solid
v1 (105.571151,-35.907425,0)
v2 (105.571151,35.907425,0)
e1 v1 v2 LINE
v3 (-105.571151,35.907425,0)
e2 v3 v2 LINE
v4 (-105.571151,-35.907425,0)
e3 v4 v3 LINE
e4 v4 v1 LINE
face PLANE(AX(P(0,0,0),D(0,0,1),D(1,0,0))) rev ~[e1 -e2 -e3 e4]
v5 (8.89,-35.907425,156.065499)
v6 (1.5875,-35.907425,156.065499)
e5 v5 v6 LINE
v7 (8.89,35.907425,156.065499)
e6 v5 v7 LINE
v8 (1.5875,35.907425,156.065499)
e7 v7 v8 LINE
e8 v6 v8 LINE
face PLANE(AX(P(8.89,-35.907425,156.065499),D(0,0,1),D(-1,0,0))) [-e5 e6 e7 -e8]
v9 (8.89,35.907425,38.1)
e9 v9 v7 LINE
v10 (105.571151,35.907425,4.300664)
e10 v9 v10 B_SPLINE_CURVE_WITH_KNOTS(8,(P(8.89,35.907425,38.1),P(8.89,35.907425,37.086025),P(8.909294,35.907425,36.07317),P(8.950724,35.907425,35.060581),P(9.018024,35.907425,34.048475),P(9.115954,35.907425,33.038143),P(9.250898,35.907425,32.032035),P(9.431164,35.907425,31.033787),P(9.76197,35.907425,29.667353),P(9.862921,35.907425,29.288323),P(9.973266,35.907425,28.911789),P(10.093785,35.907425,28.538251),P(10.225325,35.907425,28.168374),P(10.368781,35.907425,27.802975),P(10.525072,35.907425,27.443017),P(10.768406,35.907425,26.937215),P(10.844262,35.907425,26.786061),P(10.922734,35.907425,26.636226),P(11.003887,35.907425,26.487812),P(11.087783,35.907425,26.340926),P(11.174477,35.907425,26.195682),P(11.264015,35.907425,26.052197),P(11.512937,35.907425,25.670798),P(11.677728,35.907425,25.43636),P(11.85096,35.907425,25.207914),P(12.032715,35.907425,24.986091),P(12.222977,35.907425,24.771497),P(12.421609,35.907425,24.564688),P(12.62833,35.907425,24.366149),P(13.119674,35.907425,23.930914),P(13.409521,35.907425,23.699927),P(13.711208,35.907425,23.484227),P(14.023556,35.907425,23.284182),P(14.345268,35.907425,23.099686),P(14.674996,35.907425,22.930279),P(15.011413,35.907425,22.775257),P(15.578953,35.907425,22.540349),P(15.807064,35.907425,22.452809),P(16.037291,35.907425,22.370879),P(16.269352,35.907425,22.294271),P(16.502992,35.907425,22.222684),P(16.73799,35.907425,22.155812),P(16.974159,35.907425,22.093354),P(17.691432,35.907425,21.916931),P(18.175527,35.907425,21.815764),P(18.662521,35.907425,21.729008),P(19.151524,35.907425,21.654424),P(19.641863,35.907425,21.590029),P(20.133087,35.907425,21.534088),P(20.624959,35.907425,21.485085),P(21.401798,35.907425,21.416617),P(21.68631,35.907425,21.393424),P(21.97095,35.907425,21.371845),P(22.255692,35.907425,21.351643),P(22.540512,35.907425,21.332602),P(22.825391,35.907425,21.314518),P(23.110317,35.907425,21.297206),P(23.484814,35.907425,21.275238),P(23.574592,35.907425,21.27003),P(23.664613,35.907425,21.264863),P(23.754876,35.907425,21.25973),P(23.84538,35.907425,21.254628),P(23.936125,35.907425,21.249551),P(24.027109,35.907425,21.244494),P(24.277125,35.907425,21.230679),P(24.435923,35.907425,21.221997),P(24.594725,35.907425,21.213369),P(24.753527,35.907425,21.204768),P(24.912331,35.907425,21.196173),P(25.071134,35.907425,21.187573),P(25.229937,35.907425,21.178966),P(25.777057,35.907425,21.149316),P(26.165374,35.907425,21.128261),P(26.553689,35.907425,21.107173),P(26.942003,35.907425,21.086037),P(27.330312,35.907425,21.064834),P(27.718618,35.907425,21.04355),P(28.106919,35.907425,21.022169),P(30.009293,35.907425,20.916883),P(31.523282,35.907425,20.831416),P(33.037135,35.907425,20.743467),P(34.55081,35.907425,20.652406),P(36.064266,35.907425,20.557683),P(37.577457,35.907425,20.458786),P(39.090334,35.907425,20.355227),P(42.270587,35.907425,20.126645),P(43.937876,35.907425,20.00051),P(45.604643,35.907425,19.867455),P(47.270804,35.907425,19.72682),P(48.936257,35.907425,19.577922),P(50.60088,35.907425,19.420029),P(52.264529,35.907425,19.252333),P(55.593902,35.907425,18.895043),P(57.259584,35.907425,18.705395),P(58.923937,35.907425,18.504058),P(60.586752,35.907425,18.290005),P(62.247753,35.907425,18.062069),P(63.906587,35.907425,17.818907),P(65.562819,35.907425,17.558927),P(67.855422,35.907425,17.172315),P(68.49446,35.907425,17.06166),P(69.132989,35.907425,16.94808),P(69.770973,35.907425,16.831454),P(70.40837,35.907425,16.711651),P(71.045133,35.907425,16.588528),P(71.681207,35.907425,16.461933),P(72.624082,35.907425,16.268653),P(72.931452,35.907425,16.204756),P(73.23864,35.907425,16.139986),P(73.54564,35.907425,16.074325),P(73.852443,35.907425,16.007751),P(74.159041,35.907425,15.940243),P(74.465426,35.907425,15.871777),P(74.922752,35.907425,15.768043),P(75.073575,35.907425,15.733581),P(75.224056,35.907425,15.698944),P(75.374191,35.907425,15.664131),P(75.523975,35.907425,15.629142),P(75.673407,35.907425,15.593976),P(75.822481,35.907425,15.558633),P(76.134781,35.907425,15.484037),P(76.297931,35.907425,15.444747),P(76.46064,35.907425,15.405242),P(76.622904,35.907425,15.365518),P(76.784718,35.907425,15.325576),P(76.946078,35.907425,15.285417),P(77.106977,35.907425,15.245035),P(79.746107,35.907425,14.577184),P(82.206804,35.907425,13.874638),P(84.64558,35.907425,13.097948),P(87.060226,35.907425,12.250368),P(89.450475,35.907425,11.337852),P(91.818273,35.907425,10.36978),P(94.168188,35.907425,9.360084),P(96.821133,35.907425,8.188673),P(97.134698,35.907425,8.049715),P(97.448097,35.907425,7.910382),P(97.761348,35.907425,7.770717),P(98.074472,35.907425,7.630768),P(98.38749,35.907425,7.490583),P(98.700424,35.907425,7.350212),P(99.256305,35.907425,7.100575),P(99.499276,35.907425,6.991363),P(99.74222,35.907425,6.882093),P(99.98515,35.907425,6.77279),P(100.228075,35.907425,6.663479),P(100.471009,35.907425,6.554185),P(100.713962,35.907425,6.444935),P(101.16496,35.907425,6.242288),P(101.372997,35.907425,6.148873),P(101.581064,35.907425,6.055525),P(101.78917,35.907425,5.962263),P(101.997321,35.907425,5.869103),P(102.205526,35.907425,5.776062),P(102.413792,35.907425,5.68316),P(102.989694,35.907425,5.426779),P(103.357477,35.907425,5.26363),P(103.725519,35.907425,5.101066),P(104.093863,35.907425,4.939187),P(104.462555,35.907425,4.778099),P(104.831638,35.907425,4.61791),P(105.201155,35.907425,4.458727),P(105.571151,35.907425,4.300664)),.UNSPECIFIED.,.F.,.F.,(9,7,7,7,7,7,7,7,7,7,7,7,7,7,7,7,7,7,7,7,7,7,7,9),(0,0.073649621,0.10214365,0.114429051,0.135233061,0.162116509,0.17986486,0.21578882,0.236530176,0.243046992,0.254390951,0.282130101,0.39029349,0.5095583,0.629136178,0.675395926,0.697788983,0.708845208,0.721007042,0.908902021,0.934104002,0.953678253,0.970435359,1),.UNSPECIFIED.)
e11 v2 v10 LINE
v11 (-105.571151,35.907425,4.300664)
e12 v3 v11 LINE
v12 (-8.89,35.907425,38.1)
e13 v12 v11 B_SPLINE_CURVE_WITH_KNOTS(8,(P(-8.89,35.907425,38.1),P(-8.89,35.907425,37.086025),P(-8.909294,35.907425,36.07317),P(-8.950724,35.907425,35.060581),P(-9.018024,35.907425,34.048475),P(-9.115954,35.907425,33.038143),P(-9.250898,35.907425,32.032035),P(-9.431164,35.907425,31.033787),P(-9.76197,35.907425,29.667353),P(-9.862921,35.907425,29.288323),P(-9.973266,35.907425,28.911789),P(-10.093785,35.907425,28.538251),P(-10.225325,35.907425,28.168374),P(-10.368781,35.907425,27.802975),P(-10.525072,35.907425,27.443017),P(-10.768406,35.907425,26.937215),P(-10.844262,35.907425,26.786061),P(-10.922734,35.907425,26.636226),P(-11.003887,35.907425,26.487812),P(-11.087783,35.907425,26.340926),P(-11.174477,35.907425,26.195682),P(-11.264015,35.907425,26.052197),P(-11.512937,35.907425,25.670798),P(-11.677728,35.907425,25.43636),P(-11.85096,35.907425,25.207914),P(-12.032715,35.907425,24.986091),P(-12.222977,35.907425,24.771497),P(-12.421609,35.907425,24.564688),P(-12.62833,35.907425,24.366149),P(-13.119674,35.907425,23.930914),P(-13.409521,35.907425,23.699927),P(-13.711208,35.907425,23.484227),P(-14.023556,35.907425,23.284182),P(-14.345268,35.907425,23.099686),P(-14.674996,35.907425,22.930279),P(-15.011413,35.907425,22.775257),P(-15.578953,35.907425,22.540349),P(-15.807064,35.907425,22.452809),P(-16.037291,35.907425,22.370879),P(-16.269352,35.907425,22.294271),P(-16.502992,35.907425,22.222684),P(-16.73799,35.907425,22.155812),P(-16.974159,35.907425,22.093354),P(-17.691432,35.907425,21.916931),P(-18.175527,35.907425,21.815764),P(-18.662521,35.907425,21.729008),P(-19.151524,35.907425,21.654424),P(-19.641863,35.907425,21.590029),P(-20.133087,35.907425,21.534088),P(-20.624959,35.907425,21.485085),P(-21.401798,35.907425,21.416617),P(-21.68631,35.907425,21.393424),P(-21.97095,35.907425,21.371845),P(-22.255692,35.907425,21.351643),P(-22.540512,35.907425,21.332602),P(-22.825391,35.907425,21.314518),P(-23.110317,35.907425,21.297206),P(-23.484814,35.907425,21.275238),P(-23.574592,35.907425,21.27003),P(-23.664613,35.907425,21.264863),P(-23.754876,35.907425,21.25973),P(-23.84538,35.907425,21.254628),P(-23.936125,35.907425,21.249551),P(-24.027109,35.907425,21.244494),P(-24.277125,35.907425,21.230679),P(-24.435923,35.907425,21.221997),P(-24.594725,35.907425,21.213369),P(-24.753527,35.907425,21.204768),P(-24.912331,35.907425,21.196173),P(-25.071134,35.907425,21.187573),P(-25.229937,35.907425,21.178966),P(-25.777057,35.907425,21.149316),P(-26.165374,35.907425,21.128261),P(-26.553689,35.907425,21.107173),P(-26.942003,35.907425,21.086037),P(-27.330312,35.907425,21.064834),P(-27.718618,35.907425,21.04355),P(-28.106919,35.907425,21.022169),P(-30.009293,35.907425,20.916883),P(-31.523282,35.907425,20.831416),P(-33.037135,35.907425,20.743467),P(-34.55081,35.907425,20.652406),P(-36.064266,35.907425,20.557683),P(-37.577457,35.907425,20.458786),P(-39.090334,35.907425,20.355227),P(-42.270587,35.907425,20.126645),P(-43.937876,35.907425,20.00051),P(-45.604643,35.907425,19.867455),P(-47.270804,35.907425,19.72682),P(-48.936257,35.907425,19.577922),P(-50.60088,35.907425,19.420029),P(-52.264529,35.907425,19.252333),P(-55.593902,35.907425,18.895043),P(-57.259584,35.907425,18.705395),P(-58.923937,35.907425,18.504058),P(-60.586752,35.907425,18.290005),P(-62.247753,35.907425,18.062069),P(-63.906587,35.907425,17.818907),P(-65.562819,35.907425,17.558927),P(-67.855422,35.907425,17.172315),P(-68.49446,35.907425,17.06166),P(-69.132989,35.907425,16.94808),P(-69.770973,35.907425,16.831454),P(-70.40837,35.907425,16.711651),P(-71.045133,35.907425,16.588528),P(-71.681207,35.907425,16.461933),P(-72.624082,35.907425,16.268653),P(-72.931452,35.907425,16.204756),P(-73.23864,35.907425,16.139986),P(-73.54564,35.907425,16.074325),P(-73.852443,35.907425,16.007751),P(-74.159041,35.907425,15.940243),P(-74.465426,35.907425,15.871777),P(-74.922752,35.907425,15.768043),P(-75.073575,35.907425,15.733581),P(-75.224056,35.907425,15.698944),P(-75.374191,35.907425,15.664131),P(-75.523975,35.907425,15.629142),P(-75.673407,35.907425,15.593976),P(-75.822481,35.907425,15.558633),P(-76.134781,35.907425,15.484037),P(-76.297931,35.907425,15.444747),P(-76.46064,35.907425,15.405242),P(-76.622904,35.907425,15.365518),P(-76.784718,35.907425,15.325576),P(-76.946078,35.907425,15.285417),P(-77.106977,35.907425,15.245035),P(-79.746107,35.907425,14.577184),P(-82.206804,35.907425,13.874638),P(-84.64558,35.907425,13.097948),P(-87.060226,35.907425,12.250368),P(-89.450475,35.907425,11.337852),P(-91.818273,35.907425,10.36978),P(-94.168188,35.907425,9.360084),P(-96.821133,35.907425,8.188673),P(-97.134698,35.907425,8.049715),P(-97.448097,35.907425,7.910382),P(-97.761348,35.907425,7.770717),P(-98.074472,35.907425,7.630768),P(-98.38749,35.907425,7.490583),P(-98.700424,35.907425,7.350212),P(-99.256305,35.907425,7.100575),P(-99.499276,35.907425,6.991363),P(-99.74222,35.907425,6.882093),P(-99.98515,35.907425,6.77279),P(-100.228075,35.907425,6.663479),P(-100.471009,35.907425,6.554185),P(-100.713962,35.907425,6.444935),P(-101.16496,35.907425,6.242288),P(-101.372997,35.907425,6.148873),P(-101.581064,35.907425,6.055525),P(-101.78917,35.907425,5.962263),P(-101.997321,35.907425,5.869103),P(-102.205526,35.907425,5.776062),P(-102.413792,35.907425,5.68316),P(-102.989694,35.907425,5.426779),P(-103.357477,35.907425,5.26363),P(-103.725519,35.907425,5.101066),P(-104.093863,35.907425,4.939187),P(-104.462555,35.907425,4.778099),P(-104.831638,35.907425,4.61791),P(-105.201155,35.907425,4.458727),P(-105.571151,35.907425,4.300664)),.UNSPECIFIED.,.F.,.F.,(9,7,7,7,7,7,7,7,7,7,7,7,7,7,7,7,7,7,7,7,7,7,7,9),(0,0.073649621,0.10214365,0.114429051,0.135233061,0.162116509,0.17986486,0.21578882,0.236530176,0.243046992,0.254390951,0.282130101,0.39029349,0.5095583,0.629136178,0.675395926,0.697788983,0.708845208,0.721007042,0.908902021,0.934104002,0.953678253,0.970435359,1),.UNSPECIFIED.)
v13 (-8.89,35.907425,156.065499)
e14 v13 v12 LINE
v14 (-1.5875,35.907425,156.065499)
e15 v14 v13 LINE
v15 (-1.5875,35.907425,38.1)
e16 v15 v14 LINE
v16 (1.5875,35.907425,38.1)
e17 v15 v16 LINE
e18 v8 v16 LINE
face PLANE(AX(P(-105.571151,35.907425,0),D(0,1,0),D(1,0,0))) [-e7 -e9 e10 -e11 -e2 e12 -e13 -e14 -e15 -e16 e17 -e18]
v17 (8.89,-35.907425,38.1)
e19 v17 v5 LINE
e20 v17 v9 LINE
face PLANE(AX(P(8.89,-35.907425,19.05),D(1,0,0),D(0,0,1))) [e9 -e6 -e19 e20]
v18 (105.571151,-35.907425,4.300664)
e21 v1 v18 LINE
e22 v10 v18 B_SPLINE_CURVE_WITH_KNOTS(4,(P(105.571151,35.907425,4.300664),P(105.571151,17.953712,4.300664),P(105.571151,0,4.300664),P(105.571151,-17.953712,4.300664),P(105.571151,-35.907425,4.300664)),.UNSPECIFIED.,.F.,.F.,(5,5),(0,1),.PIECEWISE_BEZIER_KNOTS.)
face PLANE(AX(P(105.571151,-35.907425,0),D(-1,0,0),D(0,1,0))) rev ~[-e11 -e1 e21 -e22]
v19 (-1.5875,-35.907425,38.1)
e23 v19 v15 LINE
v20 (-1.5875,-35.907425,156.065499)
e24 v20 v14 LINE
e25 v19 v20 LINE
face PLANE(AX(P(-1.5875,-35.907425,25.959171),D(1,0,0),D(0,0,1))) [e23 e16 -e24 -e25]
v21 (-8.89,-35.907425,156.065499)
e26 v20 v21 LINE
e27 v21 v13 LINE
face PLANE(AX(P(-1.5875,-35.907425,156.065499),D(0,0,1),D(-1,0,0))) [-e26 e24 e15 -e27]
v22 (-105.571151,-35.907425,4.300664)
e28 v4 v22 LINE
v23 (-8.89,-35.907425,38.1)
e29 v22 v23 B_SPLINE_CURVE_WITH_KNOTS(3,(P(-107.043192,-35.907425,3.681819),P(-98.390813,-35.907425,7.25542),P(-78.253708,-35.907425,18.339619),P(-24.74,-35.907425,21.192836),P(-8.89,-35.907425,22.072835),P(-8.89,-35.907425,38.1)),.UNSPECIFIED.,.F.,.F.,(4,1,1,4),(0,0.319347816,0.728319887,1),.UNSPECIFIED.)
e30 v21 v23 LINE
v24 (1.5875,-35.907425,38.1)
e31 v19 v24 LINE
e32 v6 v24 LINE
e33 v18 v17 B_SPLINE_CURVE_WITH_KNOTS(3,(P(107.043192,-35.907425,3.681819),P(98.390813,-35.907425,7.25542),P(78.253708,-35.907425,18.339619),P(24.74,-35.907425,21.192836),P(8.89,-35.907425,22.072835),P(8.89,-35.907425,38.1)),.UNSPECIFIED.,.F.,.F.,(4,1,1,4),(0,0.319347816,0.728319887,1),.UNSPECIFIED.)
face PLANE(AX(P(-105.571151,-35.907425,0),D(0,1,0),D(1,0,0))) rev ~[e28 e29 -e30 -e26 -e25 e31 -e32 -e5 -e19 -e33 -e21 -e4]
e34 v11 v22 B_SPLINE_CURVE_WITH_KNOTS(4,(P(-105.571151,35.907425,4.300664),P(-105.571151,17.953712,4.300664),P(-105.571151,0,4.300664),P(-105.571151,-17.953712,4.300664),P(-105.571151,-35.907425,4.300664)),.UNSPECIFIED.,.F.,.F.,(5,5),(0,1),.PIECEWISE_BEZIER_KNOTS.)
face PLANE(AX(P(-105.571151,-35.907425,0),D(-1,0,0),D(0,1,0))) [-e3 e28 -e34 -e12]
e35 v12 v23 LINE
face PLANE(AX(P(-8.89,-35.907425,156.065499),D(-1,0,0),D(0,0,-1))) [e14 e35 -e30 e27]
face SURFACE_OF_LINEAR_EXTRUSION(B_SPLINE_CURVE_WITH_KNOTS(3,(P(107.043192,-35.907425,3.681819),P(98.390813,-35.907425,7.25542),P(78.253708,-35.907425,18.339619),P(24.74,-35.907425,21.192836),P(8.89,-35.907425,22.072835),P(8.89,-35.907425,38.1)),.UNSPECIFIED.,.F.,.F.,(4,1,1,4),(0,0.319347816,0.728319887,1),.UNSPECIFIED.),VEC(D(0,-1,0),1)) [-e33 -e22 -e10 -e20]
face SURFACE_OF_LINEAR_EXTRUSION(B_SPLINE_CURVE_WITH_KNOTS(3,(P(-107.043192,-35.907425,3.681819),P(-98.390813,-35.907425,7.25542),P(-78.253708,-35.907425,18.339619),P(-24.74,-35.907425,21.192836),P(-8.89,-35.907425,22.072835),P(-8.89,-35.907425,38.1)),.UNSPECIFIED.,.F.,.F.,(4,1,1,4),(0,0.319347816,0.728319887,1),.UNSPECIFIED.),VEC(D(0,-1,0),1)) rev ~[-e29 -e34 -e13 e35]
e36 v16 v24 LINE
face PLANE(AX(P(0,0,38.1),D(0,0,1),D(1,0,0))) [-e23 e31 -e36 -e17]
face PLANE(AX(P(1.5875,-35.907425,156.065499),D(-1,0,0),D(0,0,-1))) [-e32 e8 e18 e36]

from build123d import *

# Parameters (mm, degrees)
F0_W     = 211.1423015594
F0_H     = 71.8148499727
F1_DEPTH = 38.1
F4_DEPTH = 71.8148499727
F6_DEPTH = 90.678


with BuildPart() as f1:
    # F0 (on Top) → F1 (new body)
    with BuildSketch(Plane.XY):
        Rectangle(F0_W, F0_H)
    extrude(amount=F1_DEPTH)

    # F3 (on face) → F4 (join, through all)
    with BuildSketch(Plane.XZ.offset(35.9074249864)):
        Polygon((-8.89, 19.05), (8.89, 19.05), (8.89, 156.0654991746), (1.5875, 156.0654991746), (1.5875, 25.9591713548), (-1.5875, 25.9591713548), (-1.5875, 156.0654991746), (-8.89, 156.0654991746), align=None)
    extrude(amount=-F4_DEPTH)

    # F5 (on face) → F6 (cut)
    with BuildSketch(Plane.XZ.offset(35.9074249864)):
        with BuildLine():
            Line((-107.0431917906, 43.3599539101), (-107.0431917906, 3.6818189494))
            add(Edge.make_bspline(
                [(-107.0431917906, 3.6818189494), (-98.3908130965, 7.2554203267), (-78.2537077612, 18.3396192593), (-24.7400000825, 21.1928359311), (-8.89, 22.0728348941), (-8.89, 38.1)],
                knots=[0, 0, 0, 0, 0.3193478157, 0.7283198865, 1, 1, 1, 1], degree=3))
            Line((-8.89, 38.1), (-107.0431917906, 43.3599539101))
        make_face()
        with BuildLine():
            add(Edge.make_bspline(
                [(107.0431917906, 3.6818189494), (98.3908130965, 7.2554203267), (78.2537077612, 18.3396192593), (24.7400000825, 21.1928359311), (8.89, 22.0728348941), (8.89, 38.1)],
                knots=[0, 0, 0, 0, 0.3193478157, 0.7283198865, 1, 1, 1, 1], degree=3))
            Line((107.0431917906, 3.6818189494), (107.0431917906, 43.3599539101))
            Line((107.0431917906, 43.3599539101), (8.89, 38.1))
        make_face()
    extrude(amount=-F6_DEPTH, mode=Mode.SUBTRACT)


solid = f1.part
